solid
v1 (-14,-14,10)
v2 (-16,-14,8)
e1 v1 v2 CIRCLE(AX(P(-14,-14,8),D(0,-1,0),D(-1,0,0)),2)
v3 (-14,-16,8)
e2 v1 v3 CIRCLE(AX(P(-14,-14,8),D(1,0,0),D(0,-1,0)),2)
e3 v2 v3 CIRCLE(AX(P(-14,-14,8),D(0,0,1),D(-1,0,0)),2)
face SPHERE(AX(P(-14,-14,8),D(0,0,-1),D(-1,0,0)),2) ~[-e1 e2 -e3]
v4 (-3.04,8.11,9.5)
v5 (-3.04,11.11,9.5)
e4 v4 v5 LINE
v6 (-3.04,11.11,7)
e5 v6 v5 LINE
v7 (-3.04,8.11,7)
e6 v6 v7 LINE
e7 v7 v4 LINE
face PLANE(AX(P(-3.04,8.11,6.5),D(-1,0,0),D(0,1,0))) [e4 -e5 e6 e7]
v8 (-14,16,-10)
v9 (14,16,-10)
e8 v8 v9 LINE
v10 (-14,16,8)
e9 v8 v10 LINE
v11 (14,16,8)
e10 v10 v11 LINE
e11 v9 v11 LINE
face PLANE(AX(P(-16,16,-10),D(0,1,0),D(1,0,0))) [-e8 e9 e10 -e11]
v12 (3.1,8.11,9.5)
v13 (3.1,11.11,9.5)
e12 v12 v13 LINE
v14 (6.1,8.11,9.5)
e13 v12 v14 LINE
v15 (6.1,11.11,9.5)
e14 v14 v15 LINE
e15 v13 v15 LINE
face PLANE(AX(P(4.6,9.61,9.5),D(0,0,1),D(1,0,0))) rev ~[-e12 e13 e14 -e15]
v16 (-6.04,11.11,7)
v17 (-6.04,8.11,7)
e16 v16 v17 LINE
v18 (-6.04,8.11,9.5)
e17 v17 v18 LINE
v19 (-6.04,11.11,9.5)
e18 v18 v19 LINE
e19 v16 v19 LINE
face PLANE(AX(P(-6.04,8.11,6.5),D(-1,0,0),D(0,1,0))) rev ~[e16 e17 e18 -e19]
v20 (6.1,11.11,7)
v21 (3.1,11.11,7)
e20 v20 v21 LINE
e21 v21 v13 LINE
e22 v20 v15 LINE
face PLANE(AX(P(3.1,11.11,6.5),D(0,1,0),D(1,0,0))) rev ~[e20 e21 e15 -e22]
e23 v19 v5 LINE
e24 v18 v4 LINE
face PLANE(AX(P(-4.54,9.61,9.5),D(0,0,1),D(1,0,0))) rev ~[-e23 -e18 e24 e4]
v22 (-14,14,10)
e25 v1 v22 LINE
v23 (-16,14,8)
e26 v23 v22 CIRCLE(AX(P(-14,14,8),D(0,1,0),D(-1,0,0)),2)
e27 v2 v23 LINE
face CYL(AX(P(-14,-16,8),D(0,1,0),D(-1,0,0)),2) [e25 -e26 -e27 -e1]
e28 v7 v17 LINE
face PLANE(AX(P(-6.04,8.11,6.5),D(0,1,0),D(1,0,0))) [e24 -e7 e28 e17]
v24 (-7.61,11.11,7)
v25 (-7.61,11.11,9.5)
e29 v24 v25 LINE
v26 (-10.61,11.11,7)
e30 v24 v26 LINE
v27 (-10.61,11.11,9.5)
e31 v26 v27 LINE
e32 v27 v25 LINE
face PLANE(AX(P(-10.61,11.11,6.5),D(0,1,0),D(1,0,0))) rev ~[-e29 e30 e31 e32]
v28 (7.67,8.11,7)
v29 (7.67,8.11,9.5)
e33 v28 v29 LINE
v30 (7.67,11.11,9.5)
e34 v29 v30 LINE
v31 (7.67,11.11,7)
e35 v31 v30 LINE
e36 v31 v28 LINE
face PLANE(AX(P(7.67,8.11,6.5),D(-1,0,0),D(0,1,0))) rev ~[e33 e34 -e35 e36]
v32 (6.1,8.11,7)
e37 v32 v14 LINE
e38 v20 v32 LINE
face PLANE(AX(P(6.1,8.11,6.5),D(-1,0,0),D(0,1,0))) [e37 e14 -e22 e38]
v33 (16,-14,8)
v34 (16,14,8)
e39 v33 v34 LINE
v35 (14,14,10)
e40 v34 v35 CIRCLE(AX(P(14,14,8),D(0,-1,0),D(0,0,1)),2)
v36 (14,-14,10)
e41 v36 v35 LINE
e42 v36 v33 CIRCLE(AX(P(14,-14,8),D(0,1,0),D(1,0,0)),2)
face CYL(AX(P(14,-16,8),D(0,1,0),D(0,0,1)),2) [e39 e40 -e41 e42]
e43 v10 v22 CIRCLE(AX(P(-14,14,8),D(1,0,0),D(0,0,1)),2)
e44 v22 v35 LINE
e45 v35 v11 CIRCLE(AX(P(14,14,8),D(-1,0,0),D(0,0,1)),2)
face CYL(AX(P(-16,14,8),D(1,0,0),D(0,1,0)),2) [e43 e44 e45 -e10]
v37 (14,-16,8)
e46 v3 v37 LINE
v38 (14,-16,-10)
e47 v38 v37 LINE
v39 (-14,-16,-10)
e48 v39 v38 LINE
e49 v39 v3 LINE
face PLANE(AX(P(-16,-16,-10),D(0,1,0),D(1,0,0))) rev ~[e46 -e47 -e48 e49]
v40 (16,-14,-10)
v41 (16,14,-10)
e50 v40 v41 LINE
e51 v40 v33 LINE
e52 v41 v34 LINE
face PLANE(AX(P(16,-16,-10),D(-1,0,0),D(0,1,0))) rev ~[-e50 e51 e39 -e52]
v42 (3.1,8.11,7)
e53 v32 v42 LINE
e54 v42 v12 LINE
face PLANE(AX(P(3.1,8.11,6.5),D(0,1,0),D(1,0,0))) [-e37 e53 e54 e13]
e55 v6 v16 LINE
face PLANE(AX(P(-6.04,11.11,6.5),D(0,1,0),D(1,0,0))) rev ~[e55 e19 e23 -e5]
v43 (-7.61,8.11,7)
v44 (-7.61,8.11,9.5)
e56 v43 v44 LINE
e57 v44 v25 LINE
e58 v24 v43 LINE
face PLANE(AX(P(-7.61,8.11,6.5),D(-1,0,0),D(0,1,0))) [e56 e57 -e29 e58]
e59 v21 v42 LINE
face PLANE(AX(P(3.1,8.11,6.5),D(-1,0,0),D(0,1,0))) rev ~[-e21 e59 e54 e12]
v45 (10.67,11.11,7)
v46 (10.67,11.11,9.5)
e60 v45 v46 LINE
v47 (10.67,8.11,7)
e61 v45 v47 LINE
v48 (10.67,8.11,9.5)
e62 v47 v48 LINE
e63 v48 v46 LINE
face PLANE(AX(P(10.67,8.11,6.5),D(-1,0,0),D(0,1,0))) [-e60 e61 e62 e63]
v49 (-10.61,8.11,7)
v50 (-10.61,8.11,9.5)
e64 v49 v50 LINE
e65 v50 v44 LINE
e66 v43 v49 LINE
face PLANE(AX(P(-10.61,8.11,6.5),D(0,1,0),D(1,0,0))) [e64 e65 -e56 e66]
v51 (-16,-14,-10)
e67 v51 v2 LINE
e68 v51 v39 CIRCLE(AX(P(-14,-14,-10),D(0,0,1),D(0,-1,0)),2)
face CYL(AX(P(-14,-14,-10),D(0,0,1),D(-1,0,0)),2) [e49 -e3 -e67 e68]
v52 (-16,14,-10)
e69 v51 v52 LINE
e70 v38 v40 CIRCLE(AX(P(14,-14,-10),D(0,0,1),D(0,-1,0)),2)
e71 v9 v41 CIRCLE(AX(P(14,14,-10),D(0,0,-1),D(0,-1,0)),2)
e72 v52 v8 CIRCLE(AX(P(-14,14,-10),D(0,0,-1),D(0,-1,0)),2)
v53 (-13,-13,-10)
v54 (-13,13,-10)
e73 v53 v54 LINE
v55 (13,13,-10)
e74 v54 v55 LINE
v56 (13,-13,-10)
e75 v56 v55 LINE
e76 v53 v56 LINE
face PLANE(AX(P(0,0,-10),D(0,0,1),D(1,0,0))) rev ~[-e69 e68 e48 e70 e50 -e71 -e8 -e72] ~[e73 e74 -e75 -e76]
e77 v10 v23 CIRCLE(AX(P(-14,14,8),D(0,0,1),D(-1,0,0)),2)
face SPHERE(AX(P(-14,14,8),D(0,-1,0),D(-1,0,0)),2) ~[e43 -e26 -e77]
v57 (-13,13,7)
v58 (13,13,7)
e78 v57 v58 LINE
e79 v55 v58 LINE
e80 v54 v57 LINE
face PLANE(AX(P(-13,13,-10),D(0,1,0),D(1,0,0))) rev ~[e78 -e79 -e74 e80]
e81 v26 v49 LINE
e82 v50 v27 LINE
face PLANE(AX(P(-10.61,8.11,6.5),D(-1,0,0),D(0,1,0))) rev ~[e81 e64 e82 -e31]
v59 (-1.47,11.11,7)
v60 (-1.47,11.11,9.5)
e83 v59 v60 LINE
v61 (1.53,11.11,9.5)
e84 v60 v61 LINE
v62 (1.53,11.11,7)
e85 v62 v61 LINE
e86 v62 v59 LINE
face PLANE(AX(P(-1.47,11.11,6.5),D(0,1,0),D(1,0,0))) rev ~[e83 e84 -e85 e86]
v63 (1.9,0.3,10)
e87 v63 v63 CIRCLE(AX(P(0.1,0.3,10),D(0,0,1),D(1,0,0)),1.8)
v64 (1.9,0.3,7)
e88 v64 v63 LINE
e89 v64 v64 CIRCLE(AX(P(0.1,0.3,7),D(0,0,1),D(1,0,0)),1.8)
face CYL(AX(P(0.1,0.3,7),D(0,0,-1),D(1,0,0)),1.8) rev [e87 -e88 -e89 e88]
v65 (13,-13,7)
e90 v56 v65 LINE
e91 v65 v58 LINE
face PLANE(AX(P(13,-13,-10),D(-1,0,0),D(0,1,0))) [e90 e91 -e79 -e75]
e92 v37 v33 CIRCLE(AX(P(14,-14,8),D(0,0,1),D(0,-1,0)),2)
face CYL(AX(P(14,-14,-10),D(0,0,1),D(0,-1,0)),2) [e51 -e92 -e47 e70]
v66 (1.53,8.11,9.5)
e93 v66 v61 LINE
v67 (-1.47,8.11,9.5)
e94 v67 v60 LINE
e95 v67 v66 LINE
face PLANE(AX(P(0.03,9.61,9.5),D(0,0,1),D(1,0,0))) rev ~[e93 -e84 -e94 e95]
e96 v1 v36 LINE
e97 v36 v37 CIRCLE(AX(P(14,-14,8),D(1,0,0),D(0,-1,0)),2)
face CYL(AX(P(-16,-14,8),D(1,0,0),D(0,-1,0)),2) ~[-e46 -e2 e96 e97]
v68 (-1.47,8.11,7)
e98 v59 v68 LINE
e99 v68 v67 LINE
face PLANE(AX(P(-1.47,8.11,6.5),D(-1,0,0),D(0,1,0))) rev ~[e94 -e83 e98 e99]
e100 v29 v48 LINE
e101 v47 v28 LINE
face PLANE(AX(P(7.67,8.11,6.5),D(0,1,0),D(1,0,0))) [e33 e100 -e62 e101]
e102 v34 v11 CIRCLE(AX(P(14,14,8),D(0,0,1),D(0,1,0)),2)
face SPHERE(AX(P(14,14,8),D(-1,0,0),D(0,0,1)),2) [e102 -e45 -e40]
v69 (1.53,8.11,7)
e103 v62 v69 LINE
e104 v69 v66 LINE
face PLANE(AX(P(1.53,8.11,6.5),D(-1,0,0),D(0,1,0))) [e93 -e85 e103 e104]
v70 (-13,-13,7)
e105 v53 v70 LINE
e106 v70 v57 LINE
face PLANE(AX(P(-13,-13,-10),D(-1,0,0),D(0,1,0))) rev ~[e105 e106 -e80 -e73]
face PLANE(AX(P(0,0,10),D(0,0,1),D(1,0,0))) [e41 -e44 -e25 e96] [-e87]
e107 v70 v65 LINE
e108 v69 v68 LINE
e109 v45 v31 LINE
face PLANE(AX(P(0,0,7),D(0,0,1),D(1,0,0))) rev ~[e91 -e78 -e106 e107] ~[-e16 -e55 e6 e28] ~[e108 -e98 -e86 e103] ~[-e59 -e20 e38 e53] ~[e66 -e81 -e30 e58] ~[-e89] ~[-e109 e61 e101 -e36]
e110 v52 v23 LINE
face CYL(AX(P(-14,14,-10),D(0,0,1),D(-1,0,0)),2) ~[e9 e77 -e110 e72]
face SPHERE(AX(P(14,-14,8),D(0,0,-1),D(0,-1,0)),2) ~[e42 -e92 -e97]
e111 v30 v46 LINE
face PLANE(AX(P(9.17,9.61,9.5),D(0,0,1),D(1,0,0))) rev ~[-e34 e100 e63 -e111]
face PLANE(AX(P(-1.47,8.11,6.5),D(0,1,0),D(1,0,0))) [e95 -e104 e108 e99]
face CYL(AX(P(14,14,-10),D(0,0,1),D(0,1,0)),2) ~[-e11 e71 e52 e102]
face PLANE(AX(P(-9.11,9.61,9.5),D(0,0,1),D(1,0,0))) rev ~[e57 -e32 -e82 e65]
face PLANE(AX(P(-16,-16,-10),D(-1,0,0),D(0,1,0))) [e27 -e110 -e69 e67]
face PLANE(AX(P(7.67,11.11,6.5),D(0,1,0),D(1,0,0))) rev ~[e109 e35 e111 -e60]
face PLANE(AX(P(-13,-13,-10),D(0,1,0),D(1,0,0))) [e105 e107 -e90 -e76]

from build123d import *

# Parameters (mm, degrees)
CYLINDER001_R     = 1.8
CYLINDER001_DEPTH = 3
BOX006_W          = 3
BOX006_H          = 3
BOX006_DEPTH      = 3
BOX005_W          = 3
BOX005_H          = 3
BOX005_DEPTH      = 3
BOX003_W          = 3
BOX003_H          = 3
BOX003_DEPTH      = 3
BOX004_W          = 3
BOX004_H          = 3
BOX004_DEPTH      = 3
BOX002_W          = 3
BOX002_H          = 3
BOX002_DEPTH      = 3
BOX_W             = 26
BOX_H             = 26
BOX_DEPTH         = 17
BOX001_W          = 32
BOX001_H          = 32
BOX001_DEPTH      = 20
FILLET003_R       = 2


with BuildPart() as buttouch:
    # Cylinder001 → Cylinder001 (new body)
    with BuildSketch(Plane(origin=(0.1, 0.3, 7), x_dir=(1, 0, 0), z_dir=(0, 0, 1))):
        Circle(CYLINDER001_R)
    extrude(amount=CYLINDER001_DEPTH)


with BuildPart() as l5:
    # Box006 → Box006 (new body)
    with BuildSketch(Plane(origin=(7.67, 8.11, 6.5), x_dir=(1, 0, 0), z_dir=(0, 0, 1))):
        with Locations((1.5, 1.5)):
            Rectangle(BOX006_W, BOX006_H)
    extrude(amount=BOX006_DEPTH)


with BuildPart() as l4:
    # Box005 → Box005 (new body)
    with BuildSketch(Plane(origin=(3.1, 8.11, 6.5), x_dir=(1, 0, 0), z_dir=(0, 0, 1))):
        with Locations((1.5, 1.5)):
            Rectangle(BOX005_W, BOX005_H)
    extrude(amount=BOX005_DEPTH)


with BuildPart() as l2:
    # Box003 → Box003 (new body)
    with BuildSketch(Plane(origin=(-6.04, 8.11, 6.5), x_dir=(1, 0, 0), z_dir=(0, 0, 1))):
        with Locations((1.5, 1.5)):
            Rectangle(BOX003_W, BOX003_H)
    extrude(amount=BOX003_DEPTH)


with BuildPart() as l3:
    # Box004 → Box004 (new body)
    with BuildSketch(Plane(origin=(-1.47, 8.11, 6.5), x_dir=(1, 0, 0), z_dir=(0, 0, 1))):
        with Locations((1.5, 1.5)):
            Rectangle(BOX004_W, BOX004_H)
    extrude(amount=BOX004_DEPTH)


with BuildPart() as fusion:
    # Box002 → Box002 (new body)
    with BuildSketch(Plane(origin=(-10.61, 8.11, 6.5), x_dir=(1, 0, 0), z_dir=(0, 0, 1))):
        with Locations((1.5, 1.5)):
            Rectangle(BOX002_W, BOX002_H)
    extrude(amount=BOX002_DEPTH)

    # Fusion: union L5, L4, L2, L3
    add(l5.part)
    add(l4.part)
    add(l2.part)
    add(l3.part)


with BuildPart() as maininside:
    # Box → Box (new body)
    with BuildSketch(Plane(origin=(-13, -13, -10), x_dir=(1, 0, 0), z_dir=(0, 0, 1))):
        with Locations((13, 13)):
            Rectangle(BOX_W, BOX_H)
    extrude(amount=BOX_DEPTH)


with BuildPart() as fillet003:
    # Box001 → Box001 (new body)
    with BuildSketch(Plane(origin=(-16, -16, -10), x_dir=(1, 0, 0), z_dir=(0, 0, 1))):
        with Locations((16, 16)):
            Rectangle(BOX001_W, BOX001_H)
    extrude(amount=BOX001_DEPTH)

    # Cut: cut MainInside
    add(maininside.part, mode=Mode.SUBTRACT)

    # Cut001: cut Fusion
    add(fusion.part, mode=Mode.SUBTRACT)

    # Cut002: cut ButTouch
    add(buttouch.part, mode=Mode.SUBTRACT)

    # Fillet003
    fillet003_edges = [fillet003.edges().sort_by_distance(p)[0] for p in [
        (-16, -16, 0),
        (-16, 0, 10),
        (-16, 16, 0),
        (16, -16, 0),
        (0, -16, 10),
        (0, 16, 10),
        (16, 0, 10),
        (16, 16, 0),
    ]]
    fillet(fillet003_edges, radius=FILLET003_R)


solid = fillet003.part
